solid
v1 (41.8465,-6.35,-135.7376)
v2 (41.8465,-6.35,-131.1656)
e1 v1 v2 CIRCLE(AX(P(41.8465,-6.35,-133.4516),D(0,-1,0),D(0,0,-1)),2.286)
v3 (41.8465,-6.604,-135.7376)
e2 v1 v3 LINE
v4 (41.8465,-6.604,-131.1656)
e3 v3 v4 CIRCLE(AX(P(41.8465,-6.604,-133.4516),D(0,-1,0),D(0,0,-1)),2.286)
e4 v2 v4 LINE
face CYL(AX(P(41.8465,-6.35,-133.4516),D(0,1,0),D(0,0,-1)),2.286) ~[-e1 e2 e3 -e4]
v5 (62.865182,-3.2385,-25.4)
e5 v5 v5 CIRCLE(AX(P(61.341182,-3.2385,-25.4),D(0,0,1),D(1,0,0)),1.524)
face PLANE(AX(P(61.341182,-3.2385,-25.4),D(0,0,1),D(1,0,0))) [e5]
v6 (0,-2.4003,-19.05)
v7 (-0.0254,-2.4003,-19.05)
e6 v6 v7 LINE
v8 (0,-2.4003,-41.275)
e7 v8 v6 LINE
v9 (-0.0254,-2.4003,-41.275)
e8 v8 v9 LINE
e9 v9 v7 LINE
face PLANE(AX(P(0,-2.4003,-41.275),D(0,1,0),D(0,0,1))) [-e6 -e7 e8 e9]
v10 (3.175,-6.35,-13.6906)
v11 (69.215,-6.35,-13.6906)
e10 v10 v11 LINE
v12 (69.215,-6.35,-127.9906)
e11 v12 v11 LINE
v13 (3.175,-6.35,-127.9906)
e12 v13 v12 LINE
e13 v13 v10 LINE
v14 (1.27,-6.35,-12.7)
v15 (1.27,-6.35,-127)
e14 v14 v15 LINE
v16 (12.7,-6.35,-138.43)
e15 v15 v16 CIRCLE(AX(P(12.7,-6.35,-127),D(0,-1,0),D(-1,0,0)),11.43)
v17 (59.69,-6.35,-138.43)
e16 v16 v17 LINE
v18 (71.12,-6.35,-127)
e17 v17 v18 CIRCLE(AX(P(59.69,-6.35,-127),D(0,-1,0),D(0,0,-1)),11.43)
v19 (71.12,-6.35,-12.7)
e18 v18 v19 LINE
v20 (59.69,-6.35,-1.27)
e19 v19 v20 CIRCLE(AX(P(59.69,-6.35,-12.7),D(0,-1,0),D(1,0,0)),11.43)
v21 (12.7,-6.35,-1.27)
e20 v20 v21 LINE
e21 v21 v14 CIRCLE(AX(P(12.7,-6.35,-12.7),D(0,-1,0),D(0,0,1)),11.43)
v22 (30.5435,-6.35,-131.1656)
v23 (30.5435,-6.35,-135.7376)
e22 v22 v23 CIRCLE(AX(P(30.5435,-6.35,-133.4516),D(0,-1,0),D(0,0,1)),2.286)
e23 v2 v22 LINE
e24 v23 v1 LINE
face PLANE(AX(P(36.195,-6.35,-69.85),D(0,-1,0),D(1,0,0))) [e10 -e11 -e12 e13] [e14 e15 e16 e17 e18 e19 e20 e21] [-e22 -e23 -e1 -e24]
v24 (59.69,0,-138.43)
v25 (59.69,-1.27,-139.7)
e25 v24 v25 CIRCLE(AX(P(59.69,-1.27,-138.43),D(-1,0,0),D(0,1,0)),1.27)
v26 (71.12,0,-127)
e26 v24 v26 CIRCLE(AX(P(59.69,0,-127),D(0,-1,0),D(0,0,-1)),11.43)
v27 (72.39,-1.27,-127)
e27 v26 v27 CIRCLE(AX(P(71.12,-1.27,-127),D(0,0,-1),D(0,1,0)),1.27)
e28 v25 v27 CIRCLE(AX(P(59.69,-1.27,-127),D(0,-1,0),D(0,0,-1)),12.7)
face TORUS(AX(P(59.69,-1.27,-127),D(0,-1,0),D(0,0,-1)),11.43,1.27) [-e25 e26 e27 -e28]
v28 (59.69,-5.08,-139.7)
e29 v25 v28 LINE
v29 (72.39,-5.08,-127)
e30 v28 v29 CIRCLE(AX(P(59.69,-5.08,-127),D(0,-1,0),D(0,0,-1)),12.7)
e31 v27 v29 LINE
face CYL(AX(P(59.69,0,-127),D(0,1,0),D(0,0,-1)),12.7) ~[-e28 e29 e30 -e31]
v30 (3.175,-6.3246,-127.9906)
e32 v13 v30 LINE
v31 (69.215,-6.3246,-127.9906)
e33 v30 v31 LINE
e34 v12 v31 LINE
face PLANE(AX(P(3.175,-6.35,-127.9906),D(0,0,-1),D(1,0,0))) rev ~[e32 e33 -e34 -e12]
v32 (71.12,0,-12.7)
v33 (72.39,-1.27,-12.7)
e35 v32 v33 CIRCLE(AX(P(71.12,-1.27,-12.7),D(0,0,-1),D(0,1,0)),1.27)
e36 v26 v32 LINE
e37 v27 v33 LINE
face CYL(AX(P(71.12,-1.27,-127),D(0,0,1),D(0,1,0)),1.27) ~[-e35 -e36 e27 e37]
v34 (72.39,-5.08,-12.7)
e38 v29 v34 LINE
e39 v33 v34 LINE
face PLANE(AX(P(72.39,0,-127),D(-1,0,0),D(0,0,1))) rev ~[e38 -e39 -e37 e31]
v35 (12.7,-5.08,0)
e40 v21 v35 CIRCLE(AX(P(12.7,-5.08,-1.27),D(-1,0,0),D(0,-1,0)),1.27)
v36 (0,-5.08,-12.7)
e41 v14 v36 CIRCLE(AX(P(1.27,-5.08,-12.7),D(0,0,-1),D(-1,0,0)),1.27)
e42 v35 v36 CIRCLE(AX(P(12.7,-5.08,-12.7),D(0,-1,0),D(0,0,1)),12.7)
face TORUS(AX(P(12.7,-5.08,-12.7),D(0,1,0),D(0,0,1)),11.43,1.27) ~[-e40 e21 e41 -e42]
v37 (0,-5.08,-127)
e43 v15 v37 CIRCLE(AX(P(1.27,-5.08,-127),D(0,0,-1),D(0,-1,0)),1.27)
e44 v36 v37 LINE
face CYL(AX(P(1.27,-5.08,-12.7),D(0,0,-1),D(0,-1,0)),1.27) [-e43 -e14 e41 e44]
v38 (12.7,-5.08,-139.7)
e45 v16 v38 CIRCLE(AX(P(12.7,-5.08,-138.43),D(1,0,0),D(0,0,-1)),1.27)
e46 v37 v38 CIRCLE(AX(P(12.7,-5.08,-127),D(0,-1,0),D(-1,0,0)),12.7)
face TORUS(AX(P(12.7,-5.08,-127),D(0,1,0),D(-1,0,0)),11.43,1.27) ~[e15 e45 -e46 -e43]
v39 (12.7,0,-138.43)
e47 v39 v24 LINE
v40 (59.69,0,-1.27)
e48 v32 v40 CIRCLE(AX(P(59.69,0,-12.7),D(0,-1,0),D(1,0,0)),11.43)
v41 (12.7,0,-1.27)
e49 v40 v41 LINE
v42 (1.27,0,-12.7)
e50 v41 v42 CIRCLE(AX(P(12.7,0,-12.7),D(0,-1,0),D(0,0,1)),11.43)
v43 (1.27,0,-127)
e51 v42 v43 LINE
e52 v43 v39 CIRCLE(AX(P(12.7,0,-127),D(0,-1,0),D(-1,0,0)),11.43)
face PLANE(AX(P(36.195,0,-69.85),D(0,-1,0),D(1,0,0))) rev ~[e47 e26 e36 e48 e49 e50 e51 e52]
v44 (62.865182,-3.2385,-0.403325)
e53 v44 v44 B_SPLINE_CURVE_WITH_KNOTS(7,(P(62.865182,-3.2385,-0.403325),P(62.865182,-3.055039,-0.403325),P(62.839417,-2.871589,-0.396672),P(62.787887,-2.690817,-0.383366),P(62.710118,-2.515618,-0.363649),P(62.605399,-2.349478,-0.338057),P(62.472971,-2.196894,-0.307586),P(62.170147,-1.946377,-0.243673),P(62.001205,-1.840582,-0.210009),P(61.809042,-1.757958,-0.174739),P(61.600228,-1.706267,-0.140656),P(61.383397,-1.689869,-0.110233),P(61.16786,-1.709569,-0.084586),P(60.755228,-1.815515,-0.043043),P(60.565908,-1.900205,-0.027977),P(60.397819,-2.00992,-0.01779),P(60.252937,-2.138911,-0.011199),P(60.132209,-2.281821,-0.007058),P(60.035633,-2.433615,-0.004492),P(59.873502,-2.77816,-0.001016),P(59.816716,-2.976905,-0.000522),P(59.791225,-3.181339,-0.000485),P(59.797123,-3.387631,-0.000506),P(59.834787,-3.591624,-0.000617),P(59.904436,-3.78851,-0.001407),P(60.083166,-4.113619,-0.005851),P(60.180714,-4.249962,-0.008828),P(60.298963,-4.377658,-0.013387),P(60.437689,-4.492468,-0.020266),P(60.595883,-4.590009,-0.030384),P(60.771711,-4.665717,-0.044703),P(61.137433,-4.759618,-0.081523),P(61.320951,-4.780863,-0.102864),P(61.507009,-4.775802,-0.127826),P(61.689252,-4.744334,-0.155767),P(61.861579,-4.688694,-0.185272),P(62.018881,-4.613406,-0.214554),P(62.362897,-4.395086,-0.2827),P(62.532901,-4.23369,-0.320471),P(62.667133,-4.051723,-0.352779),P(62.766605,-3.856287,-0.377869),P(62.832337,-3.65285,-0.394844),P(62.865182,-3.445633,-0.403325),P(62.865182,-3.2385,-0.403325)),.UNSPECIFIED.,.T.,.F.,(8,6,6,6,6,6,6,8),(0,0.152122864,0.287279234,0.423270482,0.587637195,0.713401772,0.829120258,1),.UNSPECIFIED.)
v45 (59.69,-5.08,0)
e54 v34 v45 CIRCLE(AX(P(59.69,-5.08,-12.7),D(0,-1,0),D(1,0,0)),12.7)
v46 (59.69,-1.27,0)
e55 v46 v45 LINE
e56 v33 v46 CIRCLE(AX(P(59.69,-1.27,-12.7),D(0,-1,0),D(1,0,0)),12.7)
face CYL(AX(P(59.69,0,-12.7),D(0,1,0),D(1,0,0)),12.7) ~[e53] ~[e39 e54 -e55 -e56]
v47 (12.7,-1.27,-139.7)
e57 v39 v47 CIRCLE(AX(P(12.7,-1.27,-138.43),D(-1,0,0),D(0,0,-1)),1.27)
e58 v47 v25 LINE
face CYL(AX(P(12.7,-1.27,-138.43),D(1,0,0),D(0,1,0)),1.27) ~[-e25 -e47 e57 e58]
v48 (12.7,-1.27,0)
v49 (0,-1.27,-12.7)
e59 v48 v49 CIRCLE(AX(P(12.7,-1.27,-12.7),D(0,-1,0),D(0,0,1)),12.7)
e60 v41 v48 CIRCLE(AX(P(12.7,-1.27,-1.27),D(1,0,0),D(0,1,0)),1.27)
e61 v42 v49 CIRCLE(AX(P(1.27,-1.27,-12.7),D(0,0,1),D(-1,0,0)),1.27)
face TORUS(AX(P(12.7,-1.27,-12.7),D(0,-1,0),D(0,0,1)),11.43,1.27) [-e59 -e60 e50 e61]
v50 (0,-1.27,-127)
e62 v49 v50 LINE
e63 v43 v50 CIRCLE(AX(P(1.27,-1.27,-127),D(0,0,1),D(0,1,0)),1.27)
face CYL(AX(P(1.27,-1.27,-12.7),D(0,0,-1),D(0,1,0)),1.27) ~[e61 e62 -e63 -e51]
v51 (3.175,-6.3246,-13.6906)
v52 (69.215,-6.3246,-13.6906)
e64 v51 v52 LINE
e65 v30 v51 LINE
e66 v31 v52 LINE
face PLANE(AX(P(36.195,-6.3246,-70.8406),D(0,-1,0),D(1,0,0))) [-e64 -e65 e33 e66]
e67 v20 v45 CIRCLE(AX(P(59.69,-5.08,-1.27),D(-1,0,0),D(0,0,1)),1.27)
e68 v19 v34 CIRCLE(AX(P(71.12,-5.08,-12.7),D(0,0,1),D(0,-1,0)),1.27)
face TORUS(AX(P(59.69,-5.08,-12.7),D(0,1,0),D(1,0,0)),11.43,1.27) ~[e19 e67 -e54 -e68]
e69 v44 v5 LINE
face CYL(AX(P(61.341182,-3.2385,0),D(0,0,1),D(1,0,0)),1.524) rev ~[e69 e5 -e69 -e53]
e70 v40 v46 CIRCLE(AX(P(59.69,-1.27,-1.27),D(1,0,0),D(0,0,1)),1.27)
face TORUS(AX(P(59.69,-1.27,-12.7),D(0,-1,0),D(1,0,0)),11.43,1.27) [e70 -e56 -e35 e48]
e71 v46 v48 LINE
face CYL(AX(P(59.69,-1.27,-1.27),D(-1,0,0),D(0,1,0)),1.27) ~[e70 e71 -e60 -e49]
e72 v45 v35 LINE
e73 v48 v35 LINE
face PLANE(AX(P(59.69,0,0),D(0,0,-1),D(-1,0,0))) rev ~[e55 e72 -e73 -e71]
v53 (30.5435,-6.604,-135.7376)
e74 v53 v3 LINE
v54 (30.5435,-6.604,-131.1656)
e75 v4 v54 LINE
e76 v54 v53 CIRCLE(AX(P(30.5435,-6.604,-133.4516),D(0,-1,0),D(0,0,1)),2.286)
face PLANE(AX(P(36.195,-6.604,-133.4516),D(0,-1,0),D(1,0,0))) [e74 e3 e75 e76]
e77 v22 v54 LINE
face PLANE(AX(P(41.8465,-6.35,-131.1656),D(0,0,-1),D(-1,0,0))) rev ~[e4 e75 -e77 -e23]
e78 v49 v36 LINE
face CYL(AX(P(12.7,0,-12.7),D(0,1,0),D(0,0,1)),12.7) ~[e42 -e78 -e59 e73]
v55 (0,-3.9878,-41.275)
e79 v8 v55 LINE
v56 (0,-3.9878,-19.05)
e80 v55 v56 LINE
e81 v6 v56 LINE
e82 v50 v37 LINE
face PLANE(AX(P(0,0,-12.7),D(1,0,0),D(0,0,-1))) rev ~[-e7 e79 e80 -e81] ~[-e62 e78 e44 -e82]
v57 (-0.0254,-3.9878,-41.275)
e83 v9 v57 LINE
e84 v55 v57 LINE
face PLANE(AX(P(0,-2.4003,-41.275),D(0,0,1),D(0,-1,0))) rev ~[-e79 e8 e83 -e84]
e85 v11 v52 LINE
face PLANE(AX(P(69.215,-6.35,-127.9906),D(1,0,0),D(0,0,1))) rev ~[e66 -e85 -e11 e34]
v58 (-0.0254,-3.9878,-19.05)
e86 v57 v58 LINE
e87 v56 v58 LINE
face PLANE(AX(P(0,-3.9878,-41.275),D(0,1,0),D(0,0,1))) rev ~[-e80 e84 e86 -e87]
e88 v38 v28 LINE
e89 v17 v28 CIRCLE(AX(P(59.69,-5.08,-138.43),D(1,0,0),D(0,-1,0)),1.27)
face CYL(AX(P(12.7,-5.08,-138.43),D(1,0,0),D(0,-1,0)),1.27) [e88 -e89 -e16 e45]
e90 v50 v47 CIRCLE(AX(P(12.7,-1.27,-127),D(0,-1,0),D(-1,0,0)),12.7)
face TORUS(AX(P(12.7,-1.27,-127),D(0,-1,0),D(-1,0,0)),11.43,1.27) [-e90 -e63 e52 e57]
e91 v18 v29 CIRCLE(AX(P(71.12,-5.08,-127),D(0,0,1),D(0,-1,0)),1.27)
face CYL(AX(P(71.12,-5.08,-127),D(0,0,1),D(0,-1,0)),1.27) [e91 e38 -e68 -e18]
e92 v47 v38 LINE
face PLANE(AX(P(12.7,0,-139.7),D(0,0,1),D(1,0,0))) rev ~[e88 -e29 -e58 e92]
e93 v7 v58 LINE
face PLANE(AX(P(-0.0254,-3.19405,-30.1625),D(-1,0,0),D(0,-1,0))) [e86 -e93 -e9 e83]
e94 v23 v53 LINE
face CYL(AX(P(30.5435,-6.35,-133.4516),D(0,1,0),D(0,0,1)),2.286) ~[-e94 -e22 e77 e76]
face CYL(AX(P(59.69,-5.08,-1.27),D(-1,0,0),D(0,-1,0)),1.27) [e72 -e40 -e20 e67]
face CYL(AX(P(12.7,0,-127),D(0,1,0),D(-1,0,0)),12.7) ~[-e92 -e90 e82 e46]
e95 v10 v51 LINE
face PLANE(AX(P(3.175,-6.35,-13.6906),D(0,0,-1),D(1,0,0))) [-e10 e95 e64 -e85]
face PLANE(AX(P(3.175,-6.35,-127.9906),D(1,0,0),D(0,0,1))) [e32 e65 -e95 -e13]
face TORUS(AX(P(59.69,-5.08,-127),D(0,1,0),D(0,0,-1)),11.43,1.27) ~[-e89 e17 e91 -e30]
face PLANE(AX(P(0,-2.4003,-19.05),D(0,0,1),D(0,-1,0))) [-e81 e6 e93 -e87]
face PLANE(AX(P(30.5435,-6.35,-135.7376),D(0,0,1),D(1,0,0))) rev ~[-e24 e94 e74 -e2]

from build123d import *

# Parameters (mm, degrees)
F1_DEPTH  = 6.35
F3_DEPTH  = 0.254
F4_R      = 1.27
F5_W      = 66.04
F5_H      = 114.3
F6_DEPTH  = 0.0254
F8_W      = 1.5875
F8_H      = 22.225
F9_DEPTH  = 0.0254
F11_R     = 1.524
F12_DEPTH = 25.4


with BuildPart() as f1:
    # F0 (on Front) → F1 (new body)
    with BuildSketch(Plane.XZ):
        with BuildLine():
            Line((59.69, 0), (12.7, 0))
            ThreePointArc((12.7, 0), (3.7197438789, -3.7197438789), (0, -12.7))
            Line((0, -12.7), (0, -127))
            ThreePointArc((0, -127), (3.7197438789, -135.9802561211), (12.7, -139.7))
            Line((12.7, -139.7), (59.69, -139.7))
            ThreePointArc((59.69, -139.7), (68.6702561211, -135.9802561211), (72.39, -127))
            Line((72.39, -127), (72.39, -12.7))
            ThreePointArc((72.39, -12.7), (68.6702561211, -3.7197438789), (59.69, 0))
        make_face()
    extrude(amount=F1_DEPTH)

    # F2 (on face) → F3 (join)
    with BuildSketch(Plane.XZ.offset(6.35)):
        with BuildLine():
            Line((41.8465, -131.1656), (30.5435, -131.1656))
            ThreePointArc((30.5435, -131.1656), (28.2575, -133.4516), (30.5435, -135.7376))
            Line((30.5435, -135.7376), (41.8465, -135.7376))
            ThreePointArc((41.8465, -135.7376), (44.1325, -133.4516), (41.8465, -131.1656))
        make_face()
    extrude(amount=F3_DEPTH)

    # F4
    f4_edges = [f1.edges().sort_by_distance(p)[0] for p in [
        (72.39, -6.35, -69.85),
        (72.39, 0, -69.85),
    ]]
    fillet(f4_edges, radius=F4_R)

    # F5 (on face) → F6 (cut)
    with BuildSketch(Plane.XZ.offset(6.35)):
        with Locations((36.195, -70.8406)):
            Rectangle(F5_W, F5_H)
    extrude(amount=-F6_DEPTH, mode=Mode.SUBTRACT)

    # F8 (on offset) → F9 (join)
    with BuildSketch(Plane(origin=(0, 0, 0), x_dir=(0, -1, 0), z_dir=(-1, 0, 0))):
        with Locations((3.19405, -30.1625)):
            Rectangle(F8_W, F8_H)
    extrude(amount=F9_DEPTH)

    # F11 (on offset) → F12 (cut)
    with BuildSketch(Plane.XY):
        with Locations((61.3411824728, -3.2385)):
            Circle(F11_R)
    extrude(amount=-F12_DEPTH, mode=Mode.SUBTRACT)


solid = f1.part
